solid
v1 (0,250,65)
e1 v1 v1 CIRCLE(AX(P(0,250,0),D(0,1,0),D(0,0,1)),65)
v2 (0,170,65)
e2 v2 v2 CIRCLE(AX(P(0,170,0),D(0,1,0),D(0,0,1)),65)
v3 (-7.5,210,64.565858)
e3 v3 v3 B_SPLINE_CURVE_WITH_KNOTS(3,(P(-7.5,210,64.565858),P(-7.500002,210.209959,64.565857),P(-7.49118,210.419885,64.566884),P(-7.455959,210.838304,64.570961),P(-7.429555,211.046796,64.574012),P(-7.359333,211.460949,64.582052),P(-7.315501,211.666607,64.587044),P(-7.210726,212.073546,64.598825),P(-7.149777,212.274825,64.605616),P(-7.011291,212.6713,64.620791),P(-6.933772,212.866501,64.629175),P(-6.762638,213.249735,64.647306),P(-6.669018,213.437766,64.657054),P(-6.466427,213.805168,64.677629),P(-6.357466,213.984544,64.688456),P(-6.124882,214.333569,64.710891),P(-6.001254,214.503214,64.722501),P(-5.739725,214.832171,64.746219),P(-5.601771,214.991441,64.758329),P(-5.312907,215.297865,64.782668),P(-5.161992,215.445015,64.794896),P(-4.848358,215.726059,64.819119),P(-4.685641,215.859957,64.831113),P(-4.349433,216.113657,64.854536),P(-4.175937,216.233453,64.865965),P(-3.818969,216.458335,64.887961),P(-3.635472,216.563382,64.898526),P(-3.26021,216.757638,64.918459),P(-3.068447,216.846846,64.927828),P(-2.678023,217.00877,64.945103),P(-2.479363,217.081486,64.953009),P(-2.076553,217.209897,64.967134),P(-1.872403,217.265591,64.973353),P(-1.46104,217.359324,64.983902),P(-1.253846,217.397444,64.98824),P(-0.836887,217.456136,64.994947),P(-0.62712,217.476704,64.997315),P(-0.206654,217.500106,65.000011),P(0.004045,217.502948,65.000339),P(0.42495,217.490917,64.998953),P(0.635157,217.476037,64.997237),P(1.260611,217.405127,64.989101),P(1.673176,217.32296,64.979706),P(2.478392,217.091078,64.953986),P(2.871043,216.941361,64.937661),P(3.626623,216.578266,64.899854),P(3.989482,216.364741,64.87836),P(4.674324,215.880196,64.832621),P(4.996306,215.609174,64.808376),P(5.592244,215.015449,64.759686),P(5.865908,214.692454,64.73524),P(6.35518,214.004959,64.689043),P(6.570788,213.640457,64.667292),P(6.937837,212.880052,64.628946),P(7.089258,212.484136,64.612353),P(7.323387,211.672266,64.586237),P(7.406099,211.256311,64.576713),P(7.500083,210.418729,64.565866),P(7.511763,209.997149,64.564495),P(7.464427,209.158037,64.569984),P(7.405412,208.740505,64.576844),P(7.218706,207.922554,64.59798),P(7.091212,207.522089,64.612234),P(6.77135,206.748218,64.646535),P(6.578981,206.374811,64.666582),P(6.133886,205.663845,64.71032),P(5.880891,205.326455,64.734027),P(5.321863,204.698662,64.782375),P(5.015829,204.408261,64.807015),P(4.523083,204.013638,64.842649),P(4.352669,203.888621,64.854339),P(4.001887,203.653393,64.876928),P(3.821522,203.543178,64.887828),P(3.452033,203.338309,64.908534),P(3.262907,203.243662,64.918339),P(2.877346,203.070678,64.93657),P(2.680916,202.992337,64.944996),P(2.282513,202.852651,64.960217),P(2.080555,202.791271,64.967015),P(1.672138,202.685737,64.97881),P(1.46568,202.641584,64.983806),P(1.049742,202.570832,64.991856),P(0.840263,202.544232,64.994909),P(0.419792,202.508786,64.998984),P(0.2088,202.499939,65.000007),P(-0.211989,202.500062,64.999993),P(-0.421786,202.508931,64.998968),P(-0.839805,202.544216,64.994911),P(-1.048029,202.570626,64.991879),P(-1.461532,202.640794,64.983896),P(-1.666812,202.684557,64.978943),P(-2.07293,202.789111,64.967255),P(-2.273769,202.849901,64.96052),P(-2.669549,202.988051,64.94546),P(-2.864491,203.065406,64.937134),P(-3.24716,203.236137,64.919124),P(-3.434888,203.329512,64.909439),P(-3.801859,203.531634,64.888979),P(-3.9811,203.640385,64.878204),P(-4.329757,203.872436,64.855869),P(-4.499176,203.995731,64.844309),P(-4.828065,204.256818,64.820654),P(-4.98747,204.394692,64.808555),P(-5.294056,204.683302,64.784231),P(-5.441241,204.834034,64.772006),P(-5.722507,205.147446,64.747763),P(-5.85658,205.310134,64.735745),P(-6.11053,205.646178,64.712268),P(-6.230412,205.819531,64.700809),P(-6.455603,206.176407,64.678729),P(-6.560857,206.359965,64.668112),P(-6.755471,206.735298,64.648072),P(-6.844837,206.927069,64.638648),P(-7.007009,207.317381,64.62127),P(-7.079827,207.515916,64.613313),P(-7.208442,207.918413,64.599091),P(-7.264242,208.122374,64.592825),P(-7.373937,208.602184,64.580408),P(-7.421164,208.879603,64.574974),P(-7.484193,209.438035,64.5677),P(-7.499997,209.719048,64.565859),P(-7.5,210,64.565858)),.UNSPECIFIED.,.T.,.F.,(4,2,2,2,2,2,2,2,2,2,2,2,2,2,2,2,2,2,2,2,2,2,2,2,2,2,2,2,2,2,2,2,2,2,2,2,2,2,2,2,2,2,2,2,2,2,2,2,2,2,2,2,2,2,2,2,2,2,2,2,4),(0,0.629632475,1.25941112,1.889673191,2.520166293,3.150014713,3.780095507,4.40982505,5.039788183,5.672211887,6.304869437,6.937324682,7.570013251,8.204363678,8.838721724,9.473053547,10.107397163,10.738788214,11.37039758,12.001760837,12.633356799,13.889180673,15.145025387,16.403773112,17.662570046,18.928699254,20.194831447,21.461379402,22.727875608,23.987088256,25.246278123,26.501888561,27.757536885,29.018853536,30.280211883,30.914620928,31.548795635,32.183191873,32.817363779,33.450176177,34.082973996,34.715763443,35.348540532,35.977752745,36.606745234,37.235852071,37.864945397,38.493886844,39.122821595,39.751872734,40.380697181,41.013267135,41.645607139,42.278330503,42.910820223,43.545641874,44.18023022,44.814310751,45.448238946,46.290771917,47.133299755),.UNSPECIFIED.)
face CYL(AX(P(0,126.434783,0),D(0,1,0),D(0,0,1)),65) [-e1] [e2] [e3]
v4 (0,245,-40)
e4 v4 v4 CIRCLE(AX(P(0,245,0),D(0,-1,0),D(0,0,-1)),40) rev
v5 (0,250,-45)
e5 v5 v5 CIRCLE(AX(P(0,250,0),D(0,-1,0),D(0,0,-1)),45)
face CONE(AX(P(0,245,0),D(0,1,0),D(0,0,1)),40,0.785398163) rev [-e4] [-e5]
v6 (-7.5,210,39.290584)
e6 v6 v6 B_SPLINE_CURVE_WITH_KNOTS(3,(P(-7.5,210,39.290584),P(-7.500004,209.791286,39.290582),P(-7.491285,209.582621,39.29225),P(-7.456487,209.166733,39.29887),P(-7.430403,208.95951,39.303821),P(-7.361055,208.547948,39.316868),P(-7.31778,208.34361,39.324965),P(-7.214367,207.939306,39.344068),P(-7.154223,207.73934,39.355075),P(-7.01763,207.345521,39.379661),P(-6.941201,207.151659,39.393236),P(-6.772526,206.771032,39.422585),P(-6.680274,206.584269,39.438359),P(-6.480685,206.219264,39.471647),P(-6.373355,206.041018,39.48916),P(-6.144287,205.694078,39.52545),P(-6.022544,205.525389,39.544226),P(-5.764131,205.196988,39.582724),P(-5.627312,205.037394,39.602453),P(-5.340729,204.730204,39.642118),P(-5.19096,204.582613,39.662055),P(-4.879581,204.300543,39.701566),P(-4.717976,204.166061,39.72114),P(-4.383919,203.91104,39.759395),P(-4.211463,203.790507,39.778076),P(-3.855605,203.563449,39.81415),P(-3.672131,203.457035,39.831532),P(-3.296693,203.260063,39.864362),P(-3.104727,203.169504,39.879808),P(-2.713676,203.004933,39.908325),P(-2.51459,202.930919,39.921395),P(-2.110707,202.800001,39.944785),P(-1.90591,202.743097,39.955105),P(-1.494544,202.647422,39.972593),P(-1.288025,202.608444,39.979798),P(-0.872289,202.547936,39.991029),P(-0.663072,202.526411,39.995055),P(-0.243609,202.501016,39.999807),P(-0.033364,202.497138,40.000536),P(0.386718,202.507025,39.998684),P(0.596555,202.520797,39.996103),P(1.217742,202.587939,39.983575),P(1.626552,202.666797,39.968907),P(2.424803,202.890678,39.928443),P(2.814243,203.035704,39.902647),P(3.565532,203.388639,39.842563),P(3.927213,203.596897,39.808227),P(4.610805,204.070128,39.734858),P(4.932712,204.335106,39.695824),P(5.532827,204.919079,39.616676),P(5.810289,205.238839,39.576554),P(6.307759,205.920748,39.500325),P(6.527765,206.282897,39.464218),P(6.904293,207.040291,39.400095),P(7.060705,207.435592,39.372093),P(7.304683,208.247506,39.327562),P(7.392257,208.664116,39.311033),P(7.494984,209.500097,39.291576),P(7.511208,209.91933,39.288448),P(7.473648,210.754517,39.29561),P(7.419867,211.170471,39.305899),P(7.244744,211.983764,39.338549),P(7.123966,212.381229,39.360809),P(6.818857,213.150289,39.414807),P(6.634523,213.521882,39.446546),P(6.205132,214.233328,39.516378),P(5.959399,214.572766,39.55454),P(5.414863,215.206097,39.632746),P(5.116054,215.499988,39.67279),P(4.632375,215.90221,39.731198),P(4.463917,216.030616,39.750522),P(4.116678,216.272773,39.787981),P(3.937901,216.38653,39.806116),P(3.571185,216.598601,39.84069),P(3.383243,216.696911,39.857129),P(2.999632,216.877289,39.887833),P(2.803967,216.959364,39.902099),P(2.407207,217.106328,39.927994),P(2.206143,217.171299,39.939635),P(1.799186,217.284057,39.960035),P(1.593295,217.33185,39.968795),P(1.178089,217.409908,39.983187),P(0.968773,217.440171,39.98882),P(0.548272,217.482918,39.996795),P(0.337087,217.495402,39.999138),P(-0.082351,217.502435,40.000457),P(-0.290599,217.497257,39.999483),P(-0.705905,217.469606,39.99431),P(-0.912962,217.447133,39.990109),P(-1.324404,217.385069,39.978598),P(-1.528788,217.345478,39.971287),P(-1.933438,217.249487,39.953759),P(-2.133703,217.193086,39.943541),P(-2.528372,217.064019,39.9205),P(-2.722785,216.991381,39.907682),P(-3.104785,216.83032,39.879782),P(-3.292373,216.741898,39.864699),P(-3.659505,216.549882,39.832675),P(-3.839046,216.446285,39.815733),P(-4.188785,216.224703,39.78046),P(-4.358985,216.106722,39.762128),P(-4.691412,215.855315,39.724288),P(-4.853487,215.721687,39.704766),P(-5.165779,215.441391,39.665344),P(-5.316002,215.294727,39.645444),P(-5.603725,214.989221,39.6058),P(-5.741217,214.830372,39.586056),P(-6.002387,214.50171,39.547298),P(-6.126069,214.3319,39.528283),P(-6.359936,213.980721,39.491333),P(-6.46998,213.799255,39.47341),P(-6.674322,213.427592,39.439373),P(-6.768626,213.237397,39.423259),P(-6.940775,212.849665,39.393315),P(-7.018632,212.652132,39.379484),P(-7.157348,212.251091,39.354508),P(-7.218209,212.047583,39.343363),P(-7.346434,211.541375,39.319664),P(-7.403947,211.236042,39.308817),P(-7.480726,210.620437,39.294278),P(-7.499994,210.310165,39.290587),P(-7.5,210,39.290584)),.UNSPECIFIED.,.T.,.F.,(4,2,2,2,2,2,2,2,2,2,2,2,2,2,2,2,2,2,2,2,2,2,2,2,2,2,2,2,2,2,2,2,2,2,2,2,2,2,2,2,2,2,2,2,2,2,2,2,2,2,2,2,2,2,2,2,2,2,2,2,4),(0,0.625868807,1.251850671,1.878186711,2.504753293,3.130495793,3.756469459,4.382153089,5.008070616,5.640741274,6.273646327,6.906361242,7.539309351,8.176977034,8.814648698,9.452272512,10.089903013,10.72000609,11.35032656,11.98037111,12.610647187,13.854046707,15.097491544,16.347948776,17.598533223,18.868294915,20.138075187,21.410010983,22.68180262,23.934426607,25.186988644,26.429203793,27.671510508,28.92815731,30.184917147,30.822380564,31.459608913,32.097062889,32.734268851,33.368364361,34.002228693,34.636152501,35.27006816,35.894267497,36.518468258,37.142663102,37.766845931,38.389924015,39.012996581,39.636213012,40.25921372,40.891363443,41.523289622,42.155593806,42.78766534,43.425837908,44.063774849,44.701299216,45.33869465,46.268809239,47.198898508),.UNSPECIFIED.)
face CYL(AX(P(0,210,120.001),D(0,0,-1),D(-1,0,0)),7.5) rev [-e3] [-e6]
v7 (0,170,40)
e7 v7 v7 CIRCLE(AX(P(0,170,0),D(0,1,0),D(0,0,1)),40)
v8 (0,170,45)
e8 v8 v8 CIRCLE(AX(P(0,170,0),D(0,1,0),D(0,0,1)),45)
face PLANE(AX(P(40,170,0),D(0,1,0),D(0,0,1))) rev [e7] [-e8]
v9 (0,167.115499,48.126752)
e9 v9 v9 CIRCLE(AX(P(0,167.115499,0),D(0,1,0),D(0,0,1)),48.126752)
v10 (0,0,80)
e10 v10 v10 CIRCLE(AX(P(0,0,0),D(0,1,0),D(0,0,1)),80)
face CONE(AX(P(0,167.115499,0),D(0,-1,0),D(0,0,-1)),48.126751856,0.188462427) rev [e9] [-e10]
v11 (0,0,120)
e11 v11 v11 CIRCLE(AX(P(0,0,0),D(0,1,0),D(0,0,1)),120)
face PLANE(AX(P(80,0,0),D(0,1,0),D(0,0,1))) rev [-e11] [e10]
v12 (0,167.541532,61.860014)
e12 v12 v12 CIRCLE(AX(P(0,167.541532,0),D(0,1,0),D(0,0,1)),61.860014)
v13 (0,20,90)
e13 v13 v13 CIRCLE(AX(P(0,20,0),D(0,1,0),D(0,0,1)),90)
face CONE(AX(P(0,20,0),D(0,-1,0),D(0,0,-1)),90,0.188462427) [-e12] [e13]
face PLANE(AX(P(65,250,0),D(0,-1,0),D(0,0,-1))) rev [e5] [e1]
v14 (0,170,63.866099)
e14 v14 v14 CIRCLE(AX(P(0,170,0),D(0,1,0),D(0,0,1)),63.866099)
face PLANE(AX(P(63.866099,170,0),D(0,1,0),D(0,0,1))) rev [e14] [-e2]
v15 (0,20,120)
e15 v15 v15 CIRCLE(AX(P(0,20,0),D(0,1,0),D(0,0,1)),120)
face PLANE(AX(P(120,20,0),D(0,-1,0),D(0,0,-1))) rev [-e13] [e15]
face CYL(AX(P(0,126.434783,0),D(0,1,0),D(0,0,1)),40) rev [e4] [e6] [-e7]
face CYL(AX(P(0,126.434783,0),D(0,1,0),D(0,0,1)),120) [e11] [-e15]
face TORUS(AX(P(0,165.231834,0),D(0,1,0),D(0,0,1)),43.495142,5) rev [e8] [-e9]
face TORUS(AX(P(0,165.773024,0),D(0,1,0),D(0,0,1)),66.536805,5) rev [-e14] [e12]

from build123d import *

# Parameters (mm, degrees)
CHAMFER1_SIZE           = 5
CUT_EXTRUDE1_REACH      = 304.159
CUT_EXTRUDE1_END_RADIUS = 65
SKETCH2_R               = 7.5


with BuildPart() as part:
    # Sketch1 → Revolve1 (revolve)
    with BuildSketch(Plane.XY, mode=Mode.PRIVATE) as revolve1_sk:
        with BuildLine():
            Line((80, 0), (120, 0))
            Line((120, 0), (120, 20))
            Line((120, 20), (90, 20))
            Line((90, 20), (61.860013717, 167.541531884))
            ThreePointArc((61.860013717, 167.541531884), (62.662860491, 168.934123661), (63.866098802, 170))
            Line((63.866098802, 170), (65, 170))
            Line((65, 170), (65, 250))
            Line((65, 250), (40, 250))
            Line((40, 250), (40, 170))
            Line((40, 170), (45, 170))
            ThreePointArc((45, 170), (46.885443724, 168.906865887), (48.126751856, 167.115499273))
            Line((48.126751856, 167.115499273), (80, 0))
        make_face()
    revolve(revolve1_sk.sketch.rotate(Axis((0, 126.434782609, 0), (0, -1, 0)), 90), axis=Axis((0, 126.434782609, 0), (0, -1, 0)))

    # Chamfer1
    chamfer1_edges = [part.edges().sort_by_distance(p)[0] for p in [
        (0, 250, -40),
    ]]
    chamfer(chamfer1_edges, length=CHAMFER1_SIZE)

    # Cut-Extrude1: up to this cylinder (the profile starts inside it)
    cut_extrude1_end = Plane(origin=(0, 210, 0), z_dir=(0, 1, 0)) * Cylinder(CUT_EXTRUDE1_END_RADIUS, 739.318, mode=Mode.PRIVATE)
    # Sketch2 → Cut-Extrude1 (cut, up to the surface)
    with BuildSketch(Plane.XY, mode=Mode.PRIVATE) as cut_extrude1_sk1:
        with Locations(Location((0, 210, 0), (0, 0, 180))):
            Circle(SKETCH2_R)
    cut_extrude1_tool1 = extrude(cut_extrude1_sk1.sketch, amount=CUT_EXTRUDE1_REACH, mode=Mode.PRIVATE) & cut_extrude1_end
    add(cut_extrude1_tool1.solids().sort_by_distance((0, 210, 0))[0], mode=Mode.SUBTRACT)


solid = part.part
